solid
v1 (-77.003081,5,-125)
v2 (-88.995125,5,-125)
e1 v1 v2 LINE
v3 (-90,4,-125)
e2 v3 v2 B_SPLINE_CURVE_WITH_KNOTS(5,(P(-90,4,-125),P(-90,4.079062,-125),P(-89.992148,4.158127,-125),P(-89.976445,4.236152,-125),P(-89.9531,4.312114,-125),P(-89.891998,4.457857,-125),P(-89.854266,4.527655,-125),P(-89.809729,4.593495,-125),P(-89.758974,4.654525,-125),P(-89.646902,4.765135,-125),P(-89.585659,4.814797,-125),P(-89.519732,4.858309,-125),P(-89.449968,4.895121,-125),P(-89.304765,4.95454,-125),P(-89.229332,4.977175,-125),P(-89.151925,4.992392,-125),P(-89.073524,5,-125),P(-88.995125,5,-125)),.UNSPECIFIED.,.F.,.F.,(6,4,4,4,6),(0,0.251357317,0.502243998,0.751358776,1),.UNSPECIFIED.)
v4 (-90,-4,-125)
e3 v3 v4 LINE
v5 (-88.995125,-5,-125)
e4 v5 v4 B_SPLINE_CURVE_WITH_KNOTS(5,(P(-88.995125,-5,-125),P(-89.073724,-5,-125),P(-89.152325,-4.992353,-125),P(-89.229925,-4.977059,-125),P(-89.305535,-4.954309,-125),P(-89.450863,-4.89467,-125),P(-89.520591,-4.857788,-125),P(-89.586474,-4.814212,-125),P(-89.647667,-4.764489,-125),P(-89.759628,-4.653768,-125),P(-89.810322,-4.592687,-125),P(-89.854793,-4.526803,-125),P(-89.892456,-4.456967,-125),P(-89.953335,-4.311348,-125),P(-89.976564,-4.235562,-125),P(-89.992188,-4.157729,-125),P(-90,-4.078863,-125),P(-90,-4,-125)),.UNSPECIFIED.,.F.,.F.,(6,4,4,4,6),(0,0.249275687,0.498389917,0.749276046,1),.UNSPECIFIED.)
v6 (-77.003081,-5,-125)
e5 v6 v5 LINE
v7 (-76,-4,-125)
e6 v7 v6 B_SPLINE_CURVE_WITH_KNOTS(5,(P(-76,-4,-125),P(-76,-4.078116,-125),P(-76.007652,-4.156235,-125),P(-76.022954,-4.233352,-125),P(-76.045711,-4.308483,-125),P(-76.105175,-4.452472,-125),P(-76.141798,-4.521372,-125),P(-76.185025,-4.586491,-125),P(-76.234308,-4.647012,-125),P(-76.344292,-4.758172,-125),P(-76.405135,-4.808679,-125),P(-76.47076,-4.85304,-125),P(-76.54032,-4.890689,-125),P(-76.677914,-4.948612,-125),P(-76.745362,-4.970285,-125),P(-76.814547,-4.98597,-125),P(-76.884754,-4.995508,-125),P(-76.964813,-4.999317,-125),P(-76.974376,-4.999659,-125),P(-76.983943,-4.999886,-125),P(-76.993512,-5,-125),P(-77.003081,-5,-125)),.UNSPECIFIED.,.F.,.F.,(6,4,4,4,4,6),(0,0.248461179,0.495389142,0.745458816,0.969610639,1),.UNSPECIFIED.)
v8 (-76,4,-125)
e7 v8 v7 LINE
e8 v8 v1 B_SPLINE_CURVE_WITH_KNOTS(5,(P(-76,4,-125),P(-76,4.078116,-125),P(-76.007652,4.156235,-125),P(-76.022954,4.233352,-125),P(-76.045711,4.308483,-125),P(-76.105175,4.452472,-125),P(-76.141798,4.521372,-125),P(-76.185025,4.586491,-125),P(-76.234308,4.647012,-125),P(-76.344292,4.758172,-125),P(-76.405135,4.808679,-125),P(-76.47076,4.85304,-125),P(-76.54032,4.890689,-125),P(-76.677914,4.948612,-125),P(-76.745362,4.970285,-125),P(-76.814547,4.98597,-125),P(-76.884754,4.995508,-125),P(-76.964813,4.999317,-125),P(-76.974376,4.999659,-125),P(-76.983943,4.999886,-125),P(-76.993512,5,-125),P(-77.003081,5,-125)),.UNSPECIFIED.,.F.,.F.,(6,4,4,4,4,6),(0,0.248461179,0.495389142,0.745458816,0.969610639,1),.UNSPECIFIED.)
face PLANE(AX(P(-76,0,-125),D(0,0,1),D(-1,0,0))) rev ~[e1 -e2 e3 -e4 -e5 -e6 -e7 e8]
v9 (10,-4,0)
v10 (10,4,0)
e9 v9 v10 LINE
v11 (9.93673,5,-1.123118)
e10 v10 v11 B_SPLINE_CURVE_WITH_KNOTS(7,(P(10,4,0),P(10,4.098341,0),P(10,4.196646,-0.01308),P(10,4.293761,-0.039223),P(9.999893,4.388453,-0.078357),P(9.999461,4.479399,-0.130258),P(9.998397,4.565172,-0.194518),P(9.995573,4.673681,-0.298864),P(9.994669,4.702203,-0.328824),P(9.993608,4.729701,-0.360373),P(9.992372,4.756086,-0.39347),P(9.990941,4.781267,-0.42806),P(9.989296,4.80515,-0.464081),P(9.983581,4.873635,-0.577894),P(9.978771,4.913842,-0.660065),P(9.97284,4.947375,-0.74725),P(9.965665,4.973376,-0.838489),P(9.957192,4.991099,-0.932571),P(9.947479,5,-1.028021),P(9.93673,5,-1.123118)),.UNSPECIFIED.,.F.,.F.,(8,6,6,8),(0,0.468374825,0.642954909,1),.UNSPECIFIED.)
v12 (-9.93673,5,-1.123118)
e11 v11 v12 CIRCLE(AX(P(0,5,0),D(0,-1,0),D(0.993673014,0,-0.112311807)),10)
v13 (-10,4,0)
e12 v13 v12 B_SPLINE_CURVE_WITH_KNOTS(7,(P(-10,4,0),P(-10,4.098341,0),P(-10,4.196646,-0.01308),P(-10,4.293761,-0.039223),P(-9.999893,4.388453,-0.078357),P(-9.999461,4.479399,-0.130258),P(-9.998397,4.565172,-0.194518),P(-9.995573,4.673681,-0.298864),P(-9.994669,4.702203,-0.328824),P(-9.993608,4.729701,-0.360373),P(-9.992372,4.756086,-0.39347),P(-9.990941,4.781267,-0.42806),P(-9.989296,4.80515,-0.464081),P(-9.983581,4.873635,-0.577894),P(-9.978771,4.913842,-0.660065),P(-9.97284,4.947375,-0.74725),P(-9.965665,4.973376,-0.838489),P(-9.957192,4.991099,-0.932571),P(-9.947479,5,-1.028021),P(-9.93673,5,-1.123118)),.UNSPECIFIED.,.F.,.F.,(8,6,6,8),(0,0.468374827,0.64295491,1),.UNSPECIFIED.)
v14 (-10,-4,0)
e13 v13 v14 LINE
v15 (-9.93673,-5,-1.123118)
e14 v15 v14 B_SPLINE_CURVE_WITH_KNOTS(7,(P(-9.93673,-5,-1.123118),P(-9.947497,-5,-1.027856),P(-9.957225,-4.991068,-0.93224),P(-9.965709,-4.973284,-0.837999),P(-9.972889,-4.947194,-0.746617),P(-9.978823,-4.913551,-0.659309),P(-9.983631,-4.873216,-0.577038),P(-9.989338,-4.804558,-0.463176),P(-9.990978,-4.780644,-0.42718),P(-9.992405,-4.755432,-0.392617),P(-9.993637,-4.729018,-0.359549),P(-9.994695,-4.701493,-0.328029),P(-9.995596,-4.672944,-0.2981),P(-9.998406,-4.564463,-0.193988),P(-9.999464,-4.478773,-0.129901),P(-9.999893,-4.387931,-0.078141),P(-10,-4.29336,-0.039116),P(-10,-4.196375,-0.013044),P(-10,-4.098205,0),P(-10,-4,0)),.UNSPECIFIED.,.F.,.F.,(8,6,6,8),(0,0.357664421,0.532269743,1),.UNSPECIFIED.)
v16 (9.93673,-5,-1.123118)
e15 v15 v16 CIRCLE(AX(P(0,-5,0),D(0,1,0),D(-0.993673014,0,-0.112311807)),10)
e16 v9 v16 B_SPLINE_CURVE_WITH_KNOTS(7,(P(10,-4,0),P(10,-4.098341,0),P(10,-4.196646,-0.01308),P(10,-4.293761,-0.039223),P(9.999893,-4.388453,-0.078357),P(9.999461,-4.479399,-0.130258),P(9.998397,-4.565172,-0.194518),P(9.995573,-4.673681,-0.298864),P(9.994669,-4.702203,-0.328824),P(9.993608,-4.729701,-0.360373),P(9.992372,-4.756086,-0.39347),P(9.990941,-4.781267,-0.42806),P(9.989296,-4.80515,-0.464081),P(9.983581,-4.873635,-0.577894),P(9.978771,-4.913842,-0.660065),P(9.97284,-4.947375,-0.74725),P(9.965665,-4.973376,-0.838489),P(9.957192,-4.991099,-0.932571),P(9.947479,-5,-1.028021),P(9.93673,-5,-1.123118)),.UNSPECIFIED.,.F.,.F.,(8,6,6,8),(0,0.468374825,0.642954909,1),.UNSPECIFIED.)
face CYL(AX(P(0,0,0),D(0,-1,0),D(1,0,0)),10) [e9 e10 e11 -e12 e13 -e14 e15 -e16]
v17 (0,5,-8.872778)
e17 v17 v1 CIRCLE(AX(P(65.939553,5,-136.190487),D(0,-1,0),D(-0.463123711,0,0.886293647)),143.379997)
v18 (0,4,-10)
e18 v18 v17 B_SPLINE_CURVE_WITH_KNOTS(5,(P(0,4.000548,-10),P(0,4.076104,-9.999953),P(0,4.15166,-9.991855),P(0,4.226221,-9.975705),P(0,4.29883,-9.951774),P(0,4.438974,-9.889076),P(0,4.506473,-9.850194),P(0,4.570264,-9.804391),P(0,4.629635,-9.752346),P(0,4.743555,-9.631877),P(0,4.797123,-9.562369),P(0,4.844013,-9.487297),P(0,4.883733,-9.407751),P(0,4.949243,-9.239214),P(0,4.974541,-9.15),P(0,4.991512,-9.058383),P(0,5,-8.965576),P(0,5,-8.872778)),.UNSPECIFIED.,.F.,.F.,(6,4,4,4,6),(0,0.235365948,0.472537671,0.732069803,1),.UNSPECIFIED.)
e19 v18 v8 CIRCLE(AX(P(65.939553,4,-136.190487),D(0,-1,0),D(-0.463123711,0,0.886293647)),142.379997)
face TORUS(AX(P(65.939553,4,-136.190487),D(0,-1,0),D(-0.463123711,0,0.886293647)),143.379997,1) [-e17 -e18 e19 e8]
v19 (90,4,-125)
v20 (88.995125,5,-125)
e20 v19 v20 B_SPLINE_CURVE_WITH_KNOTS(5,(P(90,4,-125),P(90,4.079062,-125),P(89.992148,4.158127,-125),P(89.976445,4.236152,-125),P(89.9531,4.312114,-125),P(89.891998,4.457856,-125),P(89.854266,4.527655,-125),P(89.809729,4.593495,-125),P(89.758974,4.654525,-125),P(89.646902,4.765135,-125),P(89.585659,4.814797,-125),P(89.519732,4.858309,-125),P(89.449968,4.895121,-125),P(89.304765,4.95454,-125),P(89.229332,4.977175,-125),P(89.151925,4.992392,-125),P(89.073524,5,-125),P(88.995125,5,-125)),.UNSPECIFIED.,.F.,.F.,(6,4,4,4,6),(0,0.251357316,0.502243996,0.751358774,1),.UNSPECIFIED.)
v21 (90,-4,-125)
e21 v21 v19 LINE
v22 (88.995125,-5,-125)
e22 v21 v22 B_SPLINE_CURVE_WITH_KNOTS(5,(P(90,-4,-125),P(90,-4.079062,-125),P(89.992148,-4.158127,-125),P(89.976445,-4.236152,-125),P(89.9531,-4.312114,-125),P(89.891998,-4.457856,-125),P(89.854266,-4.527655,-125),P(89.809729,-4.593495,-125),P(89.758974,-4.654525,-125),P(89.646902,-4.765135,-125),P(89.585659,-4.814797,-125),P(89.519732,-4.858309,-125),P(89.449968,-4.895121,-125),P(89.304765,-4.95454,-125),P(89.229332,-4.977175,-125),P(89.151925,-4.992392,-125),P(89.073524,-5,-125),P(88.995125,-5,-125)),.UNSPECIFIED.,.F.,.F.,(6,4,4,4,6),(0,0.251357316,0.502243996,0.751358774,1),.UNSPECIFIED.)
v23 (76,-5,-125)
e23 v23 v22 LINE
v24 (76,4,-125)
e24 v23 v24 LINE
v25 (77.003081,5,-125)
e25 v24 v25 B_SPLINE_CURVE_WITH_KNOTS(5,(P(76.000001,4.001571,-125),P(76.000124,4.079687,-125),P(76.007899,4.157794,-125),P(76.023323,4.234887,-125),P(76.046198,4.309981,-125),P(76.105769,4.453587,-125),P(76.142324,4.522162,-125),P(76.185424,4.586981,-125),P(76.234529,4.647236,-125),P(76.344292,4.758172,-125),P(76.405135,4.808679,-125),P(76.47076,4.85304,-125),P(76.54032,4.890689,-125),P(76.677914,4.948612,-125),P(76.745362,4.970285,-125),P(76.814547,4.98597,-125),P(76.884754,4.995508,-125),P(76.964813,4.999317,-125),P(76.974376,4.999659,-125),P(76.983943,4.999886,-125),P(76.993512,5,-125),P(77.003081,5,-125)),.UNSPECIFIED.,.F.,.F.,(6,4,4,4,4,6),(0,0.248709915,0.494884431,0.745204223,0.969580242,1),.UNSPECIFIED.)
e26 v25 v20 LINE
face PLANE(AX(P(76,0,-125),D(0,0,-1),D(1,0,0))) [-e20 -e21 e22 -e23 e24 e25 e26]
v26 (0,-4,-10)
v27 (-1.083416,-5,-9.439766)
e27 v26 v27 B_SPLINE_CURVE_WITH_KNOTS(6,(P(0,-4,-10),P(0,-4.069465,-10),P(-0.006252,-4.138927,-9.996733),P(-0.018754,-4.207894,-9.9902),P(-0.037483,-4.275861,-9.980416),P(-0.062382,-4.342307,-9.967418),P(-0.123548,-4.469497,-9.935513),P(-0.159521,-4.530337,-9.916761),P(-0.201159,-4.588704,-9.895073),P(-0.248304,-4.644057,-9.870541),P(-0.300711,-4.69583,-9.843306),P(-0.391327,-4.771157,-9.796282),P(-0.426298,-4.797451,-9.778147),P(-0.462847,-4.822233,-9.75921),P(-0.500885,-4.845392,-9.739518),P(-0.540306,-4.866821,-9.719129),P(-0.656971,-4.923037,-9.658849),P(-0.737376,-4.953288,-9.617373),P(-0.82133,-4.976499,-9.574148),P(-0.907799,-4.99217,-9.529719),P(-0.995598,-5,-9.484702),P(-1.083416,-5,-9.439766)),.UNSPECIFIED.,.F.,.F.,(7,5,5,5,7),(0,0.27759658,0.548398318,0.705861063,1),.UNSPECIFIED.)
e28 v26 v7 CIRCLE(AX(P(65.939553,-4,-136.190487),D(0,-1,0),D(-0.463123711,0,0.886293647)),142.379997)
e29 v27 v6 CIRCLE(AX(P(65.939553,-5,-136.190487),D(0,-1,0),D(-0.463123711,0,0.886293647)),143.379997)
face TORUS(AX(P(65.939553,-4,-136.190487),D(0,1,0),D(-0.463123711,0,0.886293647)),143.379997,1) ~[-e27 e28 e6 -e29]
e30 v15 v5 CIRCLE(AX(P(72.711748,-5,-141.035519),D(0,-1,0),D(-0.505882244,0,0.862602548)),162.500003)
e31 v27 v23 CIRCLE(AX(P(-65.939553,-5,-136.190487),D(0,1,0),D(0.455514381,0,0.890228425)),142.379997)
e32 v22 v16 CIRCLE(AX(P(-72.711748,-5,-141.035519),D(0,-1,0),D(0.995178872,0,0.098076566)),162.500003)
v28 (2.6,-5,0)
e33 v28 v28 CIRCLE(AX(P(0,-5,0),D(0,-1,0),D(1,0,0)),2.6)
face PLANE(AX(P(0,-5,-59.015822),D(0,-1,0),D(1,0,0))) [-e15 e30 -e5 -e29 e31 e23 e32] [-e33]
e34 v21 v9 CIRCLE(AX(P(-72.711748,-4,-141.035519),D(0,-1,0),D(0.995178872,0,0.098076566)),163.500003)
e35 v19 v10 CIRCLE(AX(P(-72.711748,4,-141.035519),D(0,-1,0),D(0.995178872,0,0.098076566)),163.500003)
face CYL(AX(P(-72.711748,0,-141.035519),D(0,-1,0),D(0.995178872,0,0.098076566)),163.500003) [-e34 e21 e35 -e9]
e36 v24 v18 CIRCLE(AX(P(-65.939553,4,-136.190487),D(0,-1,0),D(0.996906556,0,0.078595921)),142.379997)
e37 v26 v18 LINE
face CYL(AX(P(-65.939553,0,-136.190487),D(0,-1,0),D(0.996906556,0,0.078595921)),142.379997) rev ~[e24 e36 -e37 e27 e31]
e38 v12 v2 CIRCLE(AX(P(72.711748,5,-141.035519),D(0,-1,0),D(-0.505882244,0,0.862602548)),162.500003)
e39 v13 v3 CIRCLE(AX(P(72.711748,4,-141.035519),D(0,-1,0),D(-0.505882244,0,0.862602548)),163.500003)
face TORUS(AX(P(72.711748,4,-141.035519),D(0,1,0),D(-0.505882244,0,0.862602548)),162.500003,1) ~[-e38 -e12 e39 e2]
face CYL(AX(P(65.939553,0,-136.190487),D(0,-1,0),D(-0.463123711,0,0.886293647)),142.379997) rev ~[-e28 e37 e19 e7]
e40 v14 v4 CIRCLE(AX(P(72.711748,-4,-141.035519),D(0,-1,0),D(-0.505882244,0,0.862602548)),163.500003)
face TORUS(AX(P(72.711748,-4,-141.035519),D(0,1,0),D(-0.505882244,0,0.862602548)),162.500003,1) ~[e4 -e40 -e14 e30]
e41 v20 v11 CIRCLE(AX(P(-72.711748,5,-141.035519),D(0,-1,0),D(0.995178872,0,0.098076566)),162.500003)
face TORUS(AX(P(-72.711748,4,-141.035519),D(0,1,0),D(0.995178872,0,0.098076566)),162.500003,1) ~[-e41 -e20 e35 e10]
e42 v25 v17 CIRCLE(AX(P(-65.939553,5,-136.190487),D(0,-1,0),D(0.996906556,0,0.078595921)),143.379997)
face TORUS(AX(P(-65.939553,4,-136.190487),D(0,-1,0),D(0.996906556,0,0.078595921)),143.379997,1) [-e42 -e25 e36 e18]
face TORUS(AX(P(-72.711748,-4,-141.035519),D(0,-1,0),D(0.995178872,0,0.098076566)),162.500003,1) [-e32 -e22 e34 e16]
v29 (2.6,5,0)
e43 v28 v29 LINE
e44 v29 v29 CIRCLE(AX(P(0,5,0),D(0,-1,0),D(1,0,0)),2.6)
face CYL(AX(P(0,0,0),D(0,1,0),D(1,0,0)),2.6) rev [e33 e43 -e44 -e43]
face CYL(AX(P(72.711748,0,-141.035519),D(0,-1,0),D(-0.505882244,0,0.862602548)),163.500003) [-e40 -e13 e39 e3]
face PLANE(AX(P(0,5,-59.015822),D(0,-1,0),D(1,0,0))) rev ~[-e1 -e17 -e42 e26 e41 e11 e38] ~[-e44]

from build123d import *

# Parameters (mm, degrees)
SKETCH_R      = 2.6
EXTRUDE_DEPTH = 5
FILLET_R      = 1


with BuildPart() as part:
    # Sketch → Extrude (new body, symmetric)
    with BuildSketch(Plane.XZ):
        with BuildLine():
            ThreePointArc((10, 0), (0, 10), (-10, 0))
            ThreePointArc((-10, 0), (-64.999628, -52.900238), (-90, -125))
            Line((-76, -125), (-90, -125))
            ThreePointArc((0, -10), (-52.844624, -57.68964), (-76, -125))
            ThreePointArc((76, -125), (52.844624, -57.68964), (0, -10))
            Line((76, -125), (90, -125))
            ThreePointArc((90, -125), (64.999628, -52.900238), (10, 0))
        make_face()
        Circle(SKETCH_R, mode=Mode.SUBTRACT)
    extrude(amount=EXTRUDE_DEPTH, both=True)

    # Fillet
    fillet_edges = [part.edges().sort_by_distance(p)[0] for p in [
        (64.999628, 5, -52.900238),
        (64.999628, -5, -52.900238),
        (-64.999628, 5, -52.900238),
        (-64.999628, -5, -52.900238),
        (-52.844624, 5, -57.68964),
        (-52.844624, -5, -57.68964),
        (52.844624, 5, -57.68964),
    ]]
    fillet(fillet_edges, radius=FILLET_R)


solid = part.part
